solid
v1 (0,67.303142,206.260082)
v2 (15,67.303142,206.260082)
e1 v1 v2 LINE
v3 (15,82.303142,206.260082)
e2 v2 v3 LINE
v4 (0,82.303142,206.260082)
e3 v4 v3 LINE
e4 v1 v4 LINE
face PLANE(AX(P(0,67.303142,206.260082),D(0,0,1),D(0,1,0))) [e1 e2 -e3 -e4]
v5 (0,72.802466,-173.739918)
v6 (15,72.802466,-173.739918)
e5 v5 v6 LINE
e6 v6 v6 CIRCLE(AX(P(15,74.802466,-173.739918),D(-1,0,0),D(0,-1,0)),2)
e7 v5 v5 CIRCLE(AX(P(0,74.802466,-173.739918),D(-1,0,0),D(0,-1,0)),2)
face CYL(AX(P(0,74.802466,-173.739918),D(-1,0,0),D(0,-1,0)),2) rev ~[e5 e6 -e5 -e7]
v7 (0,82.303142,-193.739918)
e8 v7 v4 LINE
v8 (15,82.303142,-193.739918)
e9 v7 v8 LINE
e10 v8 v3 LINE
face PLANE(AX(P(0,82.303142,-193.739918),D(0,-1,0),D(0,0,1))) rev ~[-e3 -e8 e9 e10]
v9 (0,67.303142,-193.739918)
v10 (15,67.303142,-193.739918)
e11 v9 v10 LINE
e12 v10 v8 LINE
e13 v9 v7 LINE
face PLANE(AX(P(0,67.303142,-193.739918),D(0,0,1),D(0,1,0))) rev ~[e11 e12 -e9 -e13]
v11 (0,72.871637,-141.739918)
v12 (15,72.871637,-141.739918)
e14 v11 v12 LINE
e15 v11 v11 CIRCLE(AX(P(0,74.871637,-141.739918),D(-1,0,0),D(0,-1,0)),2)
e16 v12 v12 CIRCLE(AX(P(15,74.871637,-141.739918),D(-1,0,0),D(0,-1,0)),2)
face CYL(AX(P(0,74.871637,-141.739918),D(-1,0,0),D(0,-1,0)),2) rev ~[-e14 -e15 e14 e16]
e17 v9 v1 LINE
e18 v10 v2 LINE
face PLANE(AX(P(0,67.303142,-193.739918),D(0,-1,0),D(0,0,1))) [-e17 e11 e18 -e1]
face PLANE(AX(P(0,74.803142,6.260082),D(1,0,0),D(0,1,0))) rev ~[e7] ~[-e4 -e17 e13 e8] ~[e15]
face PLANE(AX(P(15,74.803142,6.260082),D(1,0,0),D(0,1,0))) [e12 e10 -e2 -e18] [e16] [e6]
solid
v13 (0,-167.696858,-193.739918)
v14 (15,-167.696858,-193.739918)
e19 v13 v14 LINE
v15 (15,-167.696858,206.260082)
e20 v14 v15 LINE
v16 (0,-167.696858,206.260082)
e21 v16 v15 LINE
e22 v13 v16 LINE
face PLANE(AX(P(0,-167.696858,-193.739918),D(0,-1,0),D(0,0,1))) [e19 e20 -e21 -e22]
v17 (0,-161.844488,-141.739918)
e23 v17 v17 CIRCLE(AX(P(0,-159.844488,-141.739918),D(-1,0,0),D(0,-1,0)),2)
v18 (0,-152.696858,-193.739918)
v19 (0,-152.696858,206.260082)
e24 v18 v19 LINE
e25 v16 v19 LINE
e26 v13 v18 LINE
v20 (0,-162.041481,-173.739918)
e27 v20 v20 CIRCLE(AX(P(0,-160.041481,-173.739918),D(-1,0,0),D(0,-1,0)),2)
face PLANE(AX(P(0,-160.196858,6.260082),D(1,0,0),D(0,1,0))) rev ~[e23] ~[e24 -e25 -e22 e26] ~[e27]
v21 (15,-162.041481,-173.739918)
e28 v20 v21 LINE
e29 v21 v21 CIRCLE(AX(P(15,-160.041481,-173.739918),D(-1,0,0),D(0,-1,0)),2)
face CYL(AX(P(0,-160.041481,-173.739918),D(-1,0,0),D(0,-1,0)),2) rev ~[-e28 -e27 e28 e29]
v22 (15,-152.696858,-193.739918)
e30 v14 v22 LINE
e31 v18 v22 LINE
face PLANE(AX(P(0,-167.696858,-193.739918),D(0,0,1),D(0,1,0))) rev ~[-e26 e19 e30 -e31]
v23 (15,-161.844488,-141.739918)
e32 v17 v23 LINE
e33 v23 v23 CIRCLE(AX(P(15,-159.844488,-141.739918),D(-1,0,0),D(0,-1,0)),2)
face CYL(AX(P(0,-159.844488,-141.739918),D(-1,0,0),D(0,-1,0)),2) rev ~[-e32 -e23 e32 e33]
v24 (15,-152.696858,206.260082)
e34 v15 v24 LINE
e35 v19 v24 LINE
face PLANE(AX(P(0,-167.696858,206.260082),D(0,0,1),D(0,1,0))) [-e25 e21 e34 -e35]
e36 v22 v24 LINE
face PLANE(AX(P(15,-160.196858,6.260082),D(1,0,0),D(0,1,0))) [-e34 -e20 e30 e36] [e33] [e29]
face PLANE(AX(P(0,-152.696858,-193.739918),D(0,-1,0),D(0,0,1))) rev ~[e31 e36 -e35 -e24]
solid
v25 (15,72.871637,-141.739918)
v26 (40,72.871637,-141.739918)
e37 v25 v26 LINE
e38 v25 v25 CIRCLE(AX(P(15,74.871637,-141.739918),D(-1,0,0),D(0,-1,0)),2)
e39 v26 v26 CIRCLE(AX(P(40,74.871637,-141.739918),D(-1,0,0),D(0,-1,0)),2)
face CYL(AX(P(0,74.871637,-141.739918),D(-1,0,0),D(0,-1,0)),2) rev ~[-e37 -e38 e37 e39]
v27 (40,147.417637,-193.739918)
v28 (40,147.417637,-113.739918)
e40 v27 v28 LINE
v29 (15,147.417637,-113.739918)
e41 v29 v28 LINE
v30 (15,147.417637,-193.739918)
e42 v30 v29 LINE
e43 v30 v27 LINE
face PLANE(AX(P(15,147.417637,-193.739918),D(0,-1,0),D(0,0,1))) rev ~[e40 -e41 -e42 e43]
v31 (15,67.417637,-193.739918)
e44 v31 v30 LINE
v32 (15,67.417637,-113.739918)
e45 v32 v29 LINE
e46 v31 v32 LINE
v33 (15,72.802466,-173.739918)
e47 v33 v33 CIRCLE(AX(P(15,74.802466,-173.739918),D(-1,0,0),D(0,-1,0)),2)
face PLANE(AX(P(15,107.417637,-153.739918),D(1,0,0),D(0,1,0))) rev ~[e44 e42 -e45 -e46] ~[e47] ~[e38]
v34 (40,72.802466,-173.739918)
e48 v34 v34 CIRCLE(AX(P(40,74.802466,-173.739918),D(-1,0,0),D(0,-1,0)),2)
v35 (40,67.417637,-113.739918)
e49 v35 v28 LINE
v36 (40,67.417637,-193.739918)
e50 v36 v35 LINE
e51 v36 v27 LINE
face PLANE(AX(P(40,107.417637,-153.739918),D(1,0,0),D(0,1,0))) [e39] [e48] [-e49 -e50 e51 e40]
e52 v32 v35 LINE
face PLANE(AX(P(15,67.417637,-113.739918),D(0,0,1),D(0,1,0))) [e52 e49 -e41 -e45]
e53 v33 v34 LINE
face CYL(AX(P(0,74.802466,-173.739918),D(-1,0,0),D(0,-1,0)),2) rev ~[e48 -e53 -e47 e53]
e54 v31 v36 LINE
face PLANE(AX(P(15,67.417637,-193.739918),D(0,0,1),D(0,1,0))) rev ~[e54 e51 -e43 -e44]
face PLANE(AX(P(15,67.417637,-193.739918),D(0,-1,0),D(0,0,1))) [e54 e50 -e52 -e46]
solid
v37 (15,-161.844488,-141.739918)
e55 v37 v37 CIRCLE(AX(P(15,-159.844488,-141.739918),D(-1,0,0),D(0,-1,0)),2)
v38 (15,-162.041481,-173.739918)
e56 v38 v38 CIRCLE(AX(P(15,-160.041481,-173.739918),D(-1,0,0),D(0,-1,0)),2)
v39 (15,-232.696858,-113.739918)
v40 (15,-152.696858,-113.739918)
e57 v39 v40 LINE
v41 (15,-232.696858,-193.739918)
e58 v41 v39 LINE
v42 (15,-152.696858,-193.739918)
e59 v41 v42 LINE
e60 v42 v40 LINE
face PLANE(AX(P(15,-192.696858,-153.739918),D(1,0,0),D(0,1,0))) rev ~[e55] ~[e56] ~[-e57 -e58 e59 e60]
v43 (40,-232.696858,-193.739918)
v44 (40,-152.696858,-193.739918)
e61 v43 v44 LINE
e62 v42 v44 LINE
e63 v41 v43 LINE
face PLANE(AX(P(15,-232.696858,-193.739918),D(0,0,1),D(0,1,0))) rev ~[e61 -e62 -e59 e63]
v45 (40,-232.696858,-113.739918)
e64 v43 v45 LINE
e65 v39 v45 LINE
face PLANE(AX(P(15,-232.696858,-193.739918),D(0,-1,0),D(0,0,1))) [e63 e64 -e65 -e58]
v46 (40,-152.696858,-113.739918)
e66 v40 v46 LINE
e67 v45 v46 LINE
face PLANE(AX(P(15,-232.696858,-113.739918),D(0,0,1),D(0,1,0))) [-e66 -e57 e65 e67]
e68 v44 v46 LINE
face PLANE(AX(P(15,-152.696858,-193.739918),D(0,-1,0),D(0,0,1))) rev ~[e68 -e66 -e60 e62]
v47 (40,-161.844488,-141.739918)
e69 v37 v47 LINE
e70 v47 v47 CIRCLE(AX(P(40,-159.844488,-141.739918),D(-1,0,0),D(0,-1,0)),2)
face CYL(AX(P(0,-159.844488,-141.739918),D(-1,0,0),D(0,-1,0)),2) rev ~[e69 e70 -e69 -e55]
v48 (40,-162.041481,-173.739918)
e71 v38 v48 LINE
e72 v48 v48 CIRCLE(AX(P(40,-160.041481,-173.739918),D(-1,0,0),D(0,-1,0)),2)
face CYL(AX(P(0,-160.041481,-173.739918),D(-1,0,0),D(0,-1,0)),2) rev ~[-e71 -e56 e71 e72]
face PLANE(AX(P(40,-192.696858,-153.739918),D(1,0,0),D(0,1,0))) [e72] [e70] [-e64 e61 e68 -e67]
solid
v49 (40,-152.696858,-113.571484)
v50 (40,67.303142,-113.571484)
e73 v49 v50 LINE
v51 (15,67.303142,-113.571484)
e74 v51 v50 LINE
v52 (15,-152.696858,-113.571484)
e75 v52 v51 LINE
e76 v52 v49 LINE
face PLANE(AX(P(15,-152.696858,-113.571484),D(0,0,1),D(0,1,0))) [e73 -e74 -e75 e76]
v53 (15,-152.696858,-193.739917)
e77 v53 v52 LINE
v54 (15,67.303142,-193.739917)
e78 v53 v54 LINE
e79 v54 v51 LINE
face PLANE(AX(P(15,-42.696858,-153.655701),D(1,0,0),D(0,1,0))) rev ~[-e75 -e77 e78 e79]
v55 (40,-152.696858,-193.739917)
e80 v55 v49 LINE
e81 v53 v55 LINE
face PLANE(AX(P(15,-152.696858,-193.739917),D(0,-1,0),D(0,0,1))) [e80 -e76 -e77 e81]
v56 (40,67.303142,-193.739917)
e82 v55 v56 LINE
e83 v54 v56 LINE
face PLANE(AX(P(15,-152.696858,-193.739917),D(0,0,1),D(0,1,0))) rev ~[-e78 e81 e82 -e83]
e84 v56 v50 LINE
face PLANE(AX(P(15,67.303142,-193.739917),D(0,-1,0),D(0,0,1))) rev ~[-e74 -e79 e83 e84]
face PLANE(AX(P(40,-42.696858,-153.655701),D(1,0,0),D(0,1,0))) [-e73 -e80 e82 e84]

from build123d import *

# Parameters (mm, degrees)
F0_W     = 15
F0_H     = 400
F1_DEPTH = 15
F2_W     = 220
F2_H     = 80.168433
F3_DEPTH = 25
F4_W     = 80
F4_H     = 80
F5_DEPTH = 25
F6_R     = 2
F7_DEPTH = 100


with BuildPart() as f1:
    # F0 (on Right) → F1 (new body)
    with BuildSketch(Plane.YZ):
        with Locations((-160.196858, 6.260082)):
            Rectangle(F0_W, F0_H)
        with Locations((74.803142, 6.260082)):
            Rectangle(F0_W, F0_H)
    extrude(amount=F1_DEPTH)


with BuildPart() as f3:
    # F2 (on face) → F3 (new body)
    with BuildSketch(Plane.YZ.offset(15)):
        with Locations((-42.696858, -153.655701)):
            Rectangle(F2_W, F2_H)
    extrude(amount=F3_DEPTH)


with BuildPart() as f5:
    # F4 (on face) → F5 (new body)
    with BuildSketch(Plane.YZ.offset(15)):
        with Locations((-192.696858, -153.739918)):
            Rectangle(F4_W, F4_H)
        with Locations((107.417637, -153.739918)):
            Rectangle(F4_W, F4_H)
    extrude(amount=F5_DEPTH)


with BuildPart() as f7_tool:
    # F6 (on face) → F7 (new body)
    with BuildSketch(Plane(origin=(0, 0, 0), x_dir=(0, -1, 0), z_dir=(-1, 0, 0))):
        with Locations((-74.871637, -141.739918)):
            Circle(F6_R)
        with Locations((159.844488, -141.739918)):
            Circle(F6_R)
        with Locations((-74.802466, -173.739918)):
            Circle(F6_R)
        with Locations((160.041481, -173.739918)):
            Circle(F6_R)
    extrude(amount=-F7_DEPTH)


with BuildPart() as f1_1:
    add(f1.part)

    # F7: cut by f7_tool
    add(f7_tool.part, mode=Mode.SUBTRACT)


with BuildPart() as f5_1:
    add(f5.part)

    # F7: cut by f7_tool
    add(f7_tool.part, mode=Mode.SUBTRACT)


solid = Compound([f3.part, f1_1.part, f5_1.part])
